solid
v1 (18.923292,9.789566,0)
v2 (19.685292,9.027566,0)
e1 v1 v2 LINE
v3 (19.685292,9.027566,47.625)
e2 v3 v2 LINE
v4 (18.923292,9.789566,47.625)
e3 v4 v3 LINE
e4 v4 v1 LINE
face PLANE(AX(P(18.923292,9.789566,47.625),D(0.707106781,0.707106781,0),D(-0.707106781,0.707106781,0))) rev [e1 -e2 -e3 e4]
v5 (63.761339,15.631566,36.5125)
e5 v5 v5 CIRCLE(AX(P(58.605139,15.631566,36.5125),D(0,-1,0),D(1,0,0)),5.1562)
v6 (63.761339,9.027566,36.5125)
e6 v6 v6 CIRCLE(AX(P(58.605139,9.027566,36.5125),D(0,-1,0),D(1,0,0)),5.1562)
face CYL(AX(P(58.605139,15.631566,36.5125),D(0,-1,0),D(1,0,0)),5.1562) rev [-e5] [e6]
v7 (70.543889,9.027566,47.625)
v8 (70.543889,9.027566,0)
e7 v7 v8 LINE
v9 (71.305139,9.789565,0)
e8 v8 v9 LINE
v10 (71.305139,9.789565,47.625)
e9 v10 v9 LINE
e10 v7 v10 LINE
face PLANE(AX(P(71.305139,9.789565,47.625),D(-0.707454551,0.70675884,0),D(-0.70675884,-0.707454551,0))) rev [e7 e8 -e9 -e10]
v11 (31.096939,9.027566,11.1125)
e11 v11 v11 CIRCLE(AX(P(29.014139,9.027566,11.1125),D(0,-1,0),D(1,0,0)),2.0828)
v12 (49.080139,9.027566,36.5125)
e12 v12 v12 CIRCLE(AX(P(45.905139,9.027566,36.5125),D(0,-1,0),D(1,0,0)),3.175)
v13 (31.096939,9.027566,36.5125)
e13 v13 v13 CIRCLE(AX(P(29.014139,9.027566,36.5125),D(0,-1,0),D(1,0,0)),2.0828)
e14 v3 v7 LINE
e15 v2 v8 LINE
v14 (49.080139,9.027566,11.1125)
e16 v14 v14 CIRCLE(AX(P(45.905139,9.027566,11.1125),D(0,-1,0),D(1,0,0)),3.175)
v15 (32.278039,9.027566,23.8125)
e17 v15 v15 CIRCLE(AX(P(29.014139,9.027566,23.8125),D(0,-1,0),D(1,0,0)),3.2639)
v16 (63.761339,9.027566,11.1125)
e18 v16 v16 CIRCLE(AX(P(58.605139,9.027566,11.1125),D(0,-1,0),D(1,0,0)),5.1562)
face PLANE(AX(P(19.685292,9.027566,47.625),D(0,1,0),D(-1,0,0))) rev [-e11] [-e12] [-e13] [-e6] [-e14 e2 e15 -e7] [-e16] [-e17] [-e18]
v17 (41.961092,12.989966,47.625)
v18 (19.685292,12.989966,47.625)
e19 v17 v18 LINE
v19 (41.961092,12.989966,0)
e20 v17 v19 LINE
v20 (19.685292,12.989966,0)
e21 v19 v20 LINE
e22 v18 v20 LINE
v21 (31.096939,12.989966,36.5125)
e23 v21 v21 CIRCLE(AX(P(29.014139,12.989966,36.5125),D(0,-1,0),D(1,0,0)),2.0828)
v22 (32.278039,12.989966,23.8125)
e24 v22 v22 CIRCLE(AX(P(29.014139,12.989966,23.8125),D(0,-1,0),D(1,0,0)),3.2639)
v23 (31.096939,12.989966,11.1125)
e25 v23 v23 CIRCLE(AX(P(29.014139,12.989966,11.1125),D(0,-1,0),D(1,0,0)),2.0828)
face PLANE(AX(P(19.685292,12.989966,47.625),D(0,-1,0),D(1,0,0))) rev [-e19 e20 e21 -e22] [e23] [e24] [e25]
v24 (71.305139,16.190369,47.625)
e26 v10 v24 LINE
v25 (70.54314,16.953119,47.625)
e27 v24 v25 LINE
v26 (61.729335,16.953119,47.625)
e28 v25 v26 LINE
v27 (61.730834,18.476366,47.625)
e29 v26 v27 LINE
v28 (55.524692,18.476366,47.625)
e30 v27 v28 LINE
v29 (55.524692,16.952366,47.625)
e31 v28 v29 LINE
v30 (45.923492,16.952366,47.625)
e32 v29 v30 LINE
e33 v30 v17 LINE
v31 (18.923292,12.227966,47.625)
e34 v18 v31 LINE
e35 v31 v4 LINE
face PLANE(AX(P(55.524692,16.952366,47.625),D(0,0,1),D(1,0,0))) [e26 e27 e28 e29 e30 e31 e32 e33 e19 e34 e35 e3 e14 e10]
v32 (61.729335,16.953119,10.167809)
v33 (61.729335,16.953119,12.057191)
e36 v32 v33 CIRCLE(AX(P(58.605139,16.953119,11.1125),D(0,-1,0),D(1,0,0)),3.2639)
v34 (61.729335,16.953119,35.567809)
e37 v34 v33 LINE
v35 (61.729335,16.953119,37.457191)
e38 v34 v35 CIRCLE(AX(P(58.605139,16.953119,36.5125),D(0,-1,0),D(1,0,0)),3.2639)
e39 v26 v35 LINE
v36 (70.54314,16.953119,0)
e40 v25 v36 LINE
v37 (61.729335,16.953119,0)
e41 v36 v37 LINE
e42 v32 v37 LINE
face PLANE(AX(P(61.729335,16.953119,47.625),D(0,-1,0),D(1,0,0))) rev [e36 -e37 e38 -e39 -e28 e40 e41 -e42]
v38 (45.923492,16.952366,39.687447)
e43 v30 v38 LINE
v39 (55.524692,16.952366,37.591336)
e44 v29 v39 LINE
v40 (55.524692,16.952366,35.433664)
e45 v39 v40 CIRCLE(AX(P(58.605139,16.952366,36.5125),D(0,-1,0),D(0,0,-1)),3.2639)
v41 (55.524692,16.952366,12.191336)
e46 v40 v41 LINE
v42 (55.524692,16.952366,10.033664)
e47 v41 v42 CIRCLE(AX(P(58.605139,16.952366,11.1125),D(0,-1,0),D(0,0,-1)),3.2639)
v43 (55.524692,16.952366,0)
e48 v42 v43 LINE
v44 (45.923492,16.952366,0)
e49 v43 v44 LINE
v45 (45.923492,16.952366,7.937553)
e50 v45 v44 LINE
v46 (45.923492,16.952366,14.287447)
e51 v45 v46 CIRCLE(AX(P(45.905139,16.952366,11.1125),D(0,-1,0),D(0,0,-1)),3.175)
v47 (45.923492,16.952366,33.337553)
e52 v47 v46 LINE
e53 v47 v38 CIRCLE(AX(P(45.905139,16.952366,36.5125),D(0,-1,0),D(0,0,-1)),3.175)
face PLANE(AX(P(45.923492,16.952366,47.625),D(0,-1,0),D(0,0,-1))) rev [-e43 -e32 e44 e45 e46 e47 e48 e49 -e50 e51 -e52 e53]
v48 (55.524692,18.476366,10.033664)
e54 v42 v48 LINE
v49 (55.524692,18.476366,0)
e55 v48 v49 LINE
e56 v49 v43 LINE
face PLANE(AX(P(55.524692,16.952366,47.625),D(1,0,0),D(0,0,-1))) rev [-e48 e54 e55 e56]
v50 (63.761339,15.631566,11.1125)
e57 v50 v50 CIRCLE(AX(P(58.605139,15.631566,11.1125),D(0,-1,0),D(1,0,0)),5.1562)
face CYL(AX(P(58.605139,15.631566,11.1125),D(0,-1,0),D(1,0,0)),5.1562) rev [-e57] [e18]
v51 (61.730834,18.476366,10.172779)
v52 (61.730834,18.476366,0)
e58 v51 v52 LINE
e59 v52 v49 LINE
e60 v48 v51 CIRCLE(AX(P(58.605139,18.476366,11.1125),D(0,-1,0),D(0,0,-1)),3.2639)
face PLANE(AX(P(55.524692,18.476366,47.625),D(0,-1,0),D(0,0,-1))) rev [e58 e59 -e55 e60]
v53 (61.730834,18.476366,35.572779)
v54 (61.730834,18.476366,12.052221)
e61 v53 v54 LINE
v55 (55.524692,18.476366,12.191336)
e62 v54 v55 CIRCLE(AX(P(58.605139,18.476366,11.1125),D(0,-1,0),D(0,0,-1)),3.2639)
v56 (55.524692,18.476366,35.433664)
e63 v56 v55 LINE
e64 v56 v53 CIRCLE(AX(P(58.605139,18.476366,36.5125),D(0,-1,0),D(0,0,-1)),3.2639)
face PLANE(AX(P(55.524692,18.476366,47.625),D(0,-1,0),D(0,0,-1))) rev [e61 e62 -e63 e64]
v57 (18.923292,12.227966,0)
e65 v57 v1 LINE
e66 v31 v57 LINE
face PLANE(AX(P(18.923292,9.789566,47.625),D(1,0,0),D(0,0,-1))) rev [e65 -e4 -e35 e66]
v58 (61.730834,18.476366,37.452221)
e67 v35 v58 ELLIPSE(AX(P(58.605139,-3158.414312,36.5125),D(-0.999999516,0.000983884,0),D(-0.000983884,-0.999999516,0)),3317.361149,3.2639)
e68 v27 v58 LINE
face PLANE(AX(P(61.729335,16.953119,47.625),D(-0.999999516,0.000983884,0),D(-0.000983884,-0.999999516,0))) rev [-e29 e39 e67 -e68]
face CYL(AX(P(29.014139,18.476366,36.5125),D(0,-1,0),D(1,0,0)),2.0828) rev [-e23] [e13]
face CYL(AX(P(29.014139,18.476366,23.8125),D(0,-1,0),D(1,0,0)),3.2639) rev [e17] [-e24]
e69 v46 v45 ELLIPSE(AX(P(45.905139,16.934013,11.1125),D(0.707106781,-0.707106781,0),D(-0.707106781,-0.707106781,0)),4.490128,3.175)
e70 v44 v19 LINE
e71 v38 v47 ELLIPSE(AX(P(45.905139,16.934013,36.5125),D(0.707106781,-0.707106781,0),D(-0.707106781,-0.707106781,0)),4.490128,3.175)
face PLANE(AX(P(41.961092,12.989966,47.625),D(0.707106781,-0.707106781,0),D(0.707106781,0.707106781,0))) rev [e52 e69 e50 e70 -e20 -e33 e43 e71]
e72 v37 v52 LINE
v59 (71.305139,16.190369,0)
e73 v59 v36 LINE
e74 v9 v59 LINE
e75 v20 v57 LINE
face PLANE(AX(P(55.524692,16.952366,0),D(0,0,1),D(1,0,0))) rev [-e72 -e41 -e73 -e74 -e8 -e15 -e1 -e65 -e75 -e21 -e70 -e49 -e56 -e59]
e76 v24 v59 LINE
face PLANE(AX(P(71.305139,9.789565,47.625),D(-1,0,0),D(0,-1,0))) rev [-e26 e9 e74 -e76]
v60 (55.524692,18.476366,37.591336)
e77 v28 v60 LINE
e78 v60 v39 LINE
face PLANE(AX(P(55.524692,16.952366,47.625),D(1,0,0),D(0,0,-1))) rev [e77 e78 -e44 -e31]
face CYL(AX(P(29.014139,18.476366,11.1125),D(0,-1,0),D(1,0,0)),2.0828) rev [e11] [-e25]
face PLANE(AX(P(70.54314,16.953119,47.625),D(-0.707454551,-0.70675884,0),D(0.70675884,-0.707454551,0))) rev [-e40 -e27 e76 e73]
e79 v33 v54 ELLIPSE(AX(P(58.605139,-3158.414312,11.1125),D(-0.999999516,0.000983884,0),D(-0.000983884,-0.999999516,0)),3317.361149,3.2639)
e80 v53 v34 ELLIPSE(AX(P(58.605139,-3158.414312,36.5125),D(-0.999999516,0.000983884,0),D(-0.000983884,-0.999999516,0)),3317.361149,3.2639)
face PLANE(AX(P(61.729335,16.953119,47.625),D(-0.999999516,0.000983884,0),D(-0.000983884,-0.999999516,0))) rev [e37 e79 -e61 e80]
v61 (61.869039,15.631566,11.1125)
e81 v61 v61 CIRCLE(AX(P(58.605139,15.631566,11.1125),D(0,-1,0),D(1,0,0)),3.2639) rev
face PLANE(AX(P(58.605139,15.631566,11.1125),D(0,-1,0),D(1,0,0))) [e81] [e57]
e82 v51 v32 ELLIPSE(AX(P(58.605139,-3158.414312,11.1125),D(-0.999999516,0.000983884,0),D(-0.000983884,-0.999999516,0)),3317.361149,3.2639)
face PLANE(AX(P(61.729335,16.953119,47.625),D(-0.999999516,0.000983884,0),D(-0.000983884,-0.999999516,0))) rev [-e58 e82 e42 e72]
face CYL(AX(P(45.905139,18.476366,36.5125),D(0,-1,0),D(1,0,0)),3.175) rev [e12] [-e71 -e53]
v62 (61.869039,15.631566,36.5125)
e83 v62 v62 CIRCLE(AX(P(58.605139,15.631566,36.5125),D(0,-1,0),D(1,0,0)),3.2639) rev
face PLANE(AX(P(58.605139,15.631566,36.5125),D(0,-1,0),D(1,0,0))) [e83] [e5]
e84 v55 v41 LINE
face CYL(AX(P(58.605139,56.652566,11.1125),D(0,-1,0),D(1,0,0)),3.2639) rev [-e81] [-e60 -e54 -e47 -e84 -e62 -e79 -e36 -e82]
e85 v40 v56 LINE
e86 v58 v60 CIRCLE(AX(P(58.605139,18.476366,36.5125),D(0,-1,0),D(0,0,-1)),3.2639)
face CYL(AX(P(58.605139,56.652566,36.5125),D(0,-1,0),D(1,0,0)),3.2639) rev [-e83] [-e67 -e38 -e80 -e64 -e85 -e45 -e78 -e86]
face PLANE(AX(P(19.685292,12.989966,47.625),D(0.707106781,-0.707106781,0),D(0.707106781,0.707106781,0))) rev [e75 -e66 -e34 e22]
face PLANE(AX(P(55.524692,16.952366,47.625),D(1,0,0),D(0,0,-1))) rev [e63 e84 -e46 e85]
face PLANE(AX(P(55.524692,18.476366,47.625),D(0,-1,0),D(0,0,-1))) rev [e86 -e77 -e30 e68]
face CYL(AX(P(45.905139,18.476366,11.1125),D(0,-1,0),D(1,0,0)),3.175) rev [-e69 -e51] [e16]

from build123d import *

# Parameters (mm, degrees)
EXTRUDE1_DEPTH     = 47.625
CUT_EXTRUDE1_DEPTH = 47.625
SKETCH3_R          = 5.1562
CUT_EXTRUDE2_DEPTH = 6.604
SKETCH4_R          = 3.175
CUT_EXTRUDE3_DEPTH = 10.4488
SKETCH5_R          = 2.0828
SKETCH5_R_2        = 3.2639
CUT_EXTRUDE4_DEPTH = 10.4488


with BuildPart() as part:
    # Sketch1 → Extrude1 (new body)
    with BuildSketch(Plane.XY):
        Polygon((55.524691805, 16.952365829), (55.524691805, 18.476365829), (61.730833978, 18.476365829), (61.729335279, 16.953119016), (70.543139545, 16.953119016), (71.305139176, 16.190369296), (71.305139176, 9.78956546), (70.543888896, 9.027565829), (19.685291805, 9.027565829), (18.923291805, 9.789565829), (18.923291805, 12.227965829), (19.685291805, 12.989965829), (41.961091805, 12.989965829), (45.923491805, 16.952365829), align=None)
    extrude(amount=EXTRUDE1_DEPTH)

    # Sketch2 → Cut-Extrude1 (cut)
    with BuildSketch(Plane.XZ.offset(-9.027565829)):
        with BuildLine():
            ThreePointArc((61.869039176, 36.5125), (60.913064999, 38.820425823), (58.605139176, 39.7764))
            Line((58.605139176, 39.7764), (58.605139176, 36.5125))
            Line((58.605139176, 36.5125), (61.869039176, 36.5125))
        make_face()
        with BuildLine():
            Line((58.605139176, 36.5125), (58.605139176, 39.7764))
            ThreePointArc((58.605139176, 39.7764), (56.297213353, 38.820425823), (55.341239176, 36.5125))
            Line((55.341239176, 36.5125), (58.605139176, 36.5125))
        make_face()
        with BuildLine():
            Line((61.869039176, 36.5125), (58.605139176, 36.5125))
            Line((58.605139176, 36.5125), (58.605139176, 33.2486))
            ThreePointArc((58.605139176, 33.2486), (60.913064999, 34.204574177), (61.869039176, 36.5125))
        make_face()
        with BuildLine():
            Line((58.605139176, 33.2486), (58.605139176, 36.5125))
            Line((58.605139176, 36.5125), (55.341239176, 36.5125))
            ThreePointArc((55.341239176, 36.5125), (56.297213353, 34.204574177), (58.605139176, 33.2486))
        make_face()
        with BuildLine():
            ThreePointArc((61.869039176, 11.1125), (60.913064999, 13.420425823), (58.605139176, 14.3764))
            Line((58.605139176, 14.3764), (58.605139176, 11.1125))
            Line((58.605139176, 11.1125), (61.869039176, 11.1125))
        make_face()
        with BuildLine():
            Line((58.605139176, 11.1125), (58.605139176, 14.3764))
            ThreePointArc((58.605139176, 14.3764), (56.297213353, 13.420425823), (55.341239176, 11.1125))
            Line((55.341239176, 11.1125), (58.605139176, 11.1125))
        make_face()
        with BuildLine():
            Line((61.869039176, 11.1125), (58.605139176, 11.1125))
            Line((58.605139176, 11.1125), (58.605139176, 7.8486))
            ThreePointArc((58.605139176, 7.8486), (60.913064999, 8.804574177), (61.869039176, 11.1125))
        make_face()
        with BuildLine():
            Line((58.605139176, 7.8486), (58.605139176, 11.1125))
            Line((58.605139176, 11.1125), (55.341239176, 11.1125))
            ThreePointArc((55.341239176, 11.1125), (56.297213353, 8.804574177), (58.605139176, 7.8486))
        make_face()
    extrude(amount=-CUT_EXTRUDE1_DEPTH, mode=Mode.SUBTRACT)

    # Sketch3 → Cut-Extrude2 (cut)
    with BuildSketch(Plane.XZ.offset(-9.027565829)):
        with Locations((58.605139176, 36.5125)):
            Circle(SKETCH3_R)
        with Locations((58.605139176, 11.1125)):
            Circle(SKETCH3_R)
    extrude(amount=-CUT_EXTRUDE2_DEPTH, mode=Mode.SUBTRACT)

    # Sketch4 → Cut-Extrude3 (cut, through all)
    with BuildSketch(Plane.XZ.offset(-9.027565829)):
        with Locations((45.905139176, 36.5125)):
            Circle(SKETCH4_R)
        with Locations((45.905139176, 11.1125)):
            Circle(SKETCH4_R)
    extrude(amount=-CUT_EXTRUDE3_DEPTH, mode=Mode.SUBTRACT)

    # Sketch5 → Cut-Extrude4 (cut, through all)
    with BuildSketch(Plane.XZ.offset(-9.027565829)):
        with Locations((29.014139176, 36.5125)):
            Circle(SKETCH5_R)
        with Locations((29.014139176, 11.1125)):
            Circle(SKETCH5_R)
        with Locations((29.014139176, 23.8125)):
            Circle(SKETCH5_R_2)
    extrude(amount=-CUT_EXTRUDE4_DEPTH, mode=Mode.SUBTRACT)


solid = part.part
